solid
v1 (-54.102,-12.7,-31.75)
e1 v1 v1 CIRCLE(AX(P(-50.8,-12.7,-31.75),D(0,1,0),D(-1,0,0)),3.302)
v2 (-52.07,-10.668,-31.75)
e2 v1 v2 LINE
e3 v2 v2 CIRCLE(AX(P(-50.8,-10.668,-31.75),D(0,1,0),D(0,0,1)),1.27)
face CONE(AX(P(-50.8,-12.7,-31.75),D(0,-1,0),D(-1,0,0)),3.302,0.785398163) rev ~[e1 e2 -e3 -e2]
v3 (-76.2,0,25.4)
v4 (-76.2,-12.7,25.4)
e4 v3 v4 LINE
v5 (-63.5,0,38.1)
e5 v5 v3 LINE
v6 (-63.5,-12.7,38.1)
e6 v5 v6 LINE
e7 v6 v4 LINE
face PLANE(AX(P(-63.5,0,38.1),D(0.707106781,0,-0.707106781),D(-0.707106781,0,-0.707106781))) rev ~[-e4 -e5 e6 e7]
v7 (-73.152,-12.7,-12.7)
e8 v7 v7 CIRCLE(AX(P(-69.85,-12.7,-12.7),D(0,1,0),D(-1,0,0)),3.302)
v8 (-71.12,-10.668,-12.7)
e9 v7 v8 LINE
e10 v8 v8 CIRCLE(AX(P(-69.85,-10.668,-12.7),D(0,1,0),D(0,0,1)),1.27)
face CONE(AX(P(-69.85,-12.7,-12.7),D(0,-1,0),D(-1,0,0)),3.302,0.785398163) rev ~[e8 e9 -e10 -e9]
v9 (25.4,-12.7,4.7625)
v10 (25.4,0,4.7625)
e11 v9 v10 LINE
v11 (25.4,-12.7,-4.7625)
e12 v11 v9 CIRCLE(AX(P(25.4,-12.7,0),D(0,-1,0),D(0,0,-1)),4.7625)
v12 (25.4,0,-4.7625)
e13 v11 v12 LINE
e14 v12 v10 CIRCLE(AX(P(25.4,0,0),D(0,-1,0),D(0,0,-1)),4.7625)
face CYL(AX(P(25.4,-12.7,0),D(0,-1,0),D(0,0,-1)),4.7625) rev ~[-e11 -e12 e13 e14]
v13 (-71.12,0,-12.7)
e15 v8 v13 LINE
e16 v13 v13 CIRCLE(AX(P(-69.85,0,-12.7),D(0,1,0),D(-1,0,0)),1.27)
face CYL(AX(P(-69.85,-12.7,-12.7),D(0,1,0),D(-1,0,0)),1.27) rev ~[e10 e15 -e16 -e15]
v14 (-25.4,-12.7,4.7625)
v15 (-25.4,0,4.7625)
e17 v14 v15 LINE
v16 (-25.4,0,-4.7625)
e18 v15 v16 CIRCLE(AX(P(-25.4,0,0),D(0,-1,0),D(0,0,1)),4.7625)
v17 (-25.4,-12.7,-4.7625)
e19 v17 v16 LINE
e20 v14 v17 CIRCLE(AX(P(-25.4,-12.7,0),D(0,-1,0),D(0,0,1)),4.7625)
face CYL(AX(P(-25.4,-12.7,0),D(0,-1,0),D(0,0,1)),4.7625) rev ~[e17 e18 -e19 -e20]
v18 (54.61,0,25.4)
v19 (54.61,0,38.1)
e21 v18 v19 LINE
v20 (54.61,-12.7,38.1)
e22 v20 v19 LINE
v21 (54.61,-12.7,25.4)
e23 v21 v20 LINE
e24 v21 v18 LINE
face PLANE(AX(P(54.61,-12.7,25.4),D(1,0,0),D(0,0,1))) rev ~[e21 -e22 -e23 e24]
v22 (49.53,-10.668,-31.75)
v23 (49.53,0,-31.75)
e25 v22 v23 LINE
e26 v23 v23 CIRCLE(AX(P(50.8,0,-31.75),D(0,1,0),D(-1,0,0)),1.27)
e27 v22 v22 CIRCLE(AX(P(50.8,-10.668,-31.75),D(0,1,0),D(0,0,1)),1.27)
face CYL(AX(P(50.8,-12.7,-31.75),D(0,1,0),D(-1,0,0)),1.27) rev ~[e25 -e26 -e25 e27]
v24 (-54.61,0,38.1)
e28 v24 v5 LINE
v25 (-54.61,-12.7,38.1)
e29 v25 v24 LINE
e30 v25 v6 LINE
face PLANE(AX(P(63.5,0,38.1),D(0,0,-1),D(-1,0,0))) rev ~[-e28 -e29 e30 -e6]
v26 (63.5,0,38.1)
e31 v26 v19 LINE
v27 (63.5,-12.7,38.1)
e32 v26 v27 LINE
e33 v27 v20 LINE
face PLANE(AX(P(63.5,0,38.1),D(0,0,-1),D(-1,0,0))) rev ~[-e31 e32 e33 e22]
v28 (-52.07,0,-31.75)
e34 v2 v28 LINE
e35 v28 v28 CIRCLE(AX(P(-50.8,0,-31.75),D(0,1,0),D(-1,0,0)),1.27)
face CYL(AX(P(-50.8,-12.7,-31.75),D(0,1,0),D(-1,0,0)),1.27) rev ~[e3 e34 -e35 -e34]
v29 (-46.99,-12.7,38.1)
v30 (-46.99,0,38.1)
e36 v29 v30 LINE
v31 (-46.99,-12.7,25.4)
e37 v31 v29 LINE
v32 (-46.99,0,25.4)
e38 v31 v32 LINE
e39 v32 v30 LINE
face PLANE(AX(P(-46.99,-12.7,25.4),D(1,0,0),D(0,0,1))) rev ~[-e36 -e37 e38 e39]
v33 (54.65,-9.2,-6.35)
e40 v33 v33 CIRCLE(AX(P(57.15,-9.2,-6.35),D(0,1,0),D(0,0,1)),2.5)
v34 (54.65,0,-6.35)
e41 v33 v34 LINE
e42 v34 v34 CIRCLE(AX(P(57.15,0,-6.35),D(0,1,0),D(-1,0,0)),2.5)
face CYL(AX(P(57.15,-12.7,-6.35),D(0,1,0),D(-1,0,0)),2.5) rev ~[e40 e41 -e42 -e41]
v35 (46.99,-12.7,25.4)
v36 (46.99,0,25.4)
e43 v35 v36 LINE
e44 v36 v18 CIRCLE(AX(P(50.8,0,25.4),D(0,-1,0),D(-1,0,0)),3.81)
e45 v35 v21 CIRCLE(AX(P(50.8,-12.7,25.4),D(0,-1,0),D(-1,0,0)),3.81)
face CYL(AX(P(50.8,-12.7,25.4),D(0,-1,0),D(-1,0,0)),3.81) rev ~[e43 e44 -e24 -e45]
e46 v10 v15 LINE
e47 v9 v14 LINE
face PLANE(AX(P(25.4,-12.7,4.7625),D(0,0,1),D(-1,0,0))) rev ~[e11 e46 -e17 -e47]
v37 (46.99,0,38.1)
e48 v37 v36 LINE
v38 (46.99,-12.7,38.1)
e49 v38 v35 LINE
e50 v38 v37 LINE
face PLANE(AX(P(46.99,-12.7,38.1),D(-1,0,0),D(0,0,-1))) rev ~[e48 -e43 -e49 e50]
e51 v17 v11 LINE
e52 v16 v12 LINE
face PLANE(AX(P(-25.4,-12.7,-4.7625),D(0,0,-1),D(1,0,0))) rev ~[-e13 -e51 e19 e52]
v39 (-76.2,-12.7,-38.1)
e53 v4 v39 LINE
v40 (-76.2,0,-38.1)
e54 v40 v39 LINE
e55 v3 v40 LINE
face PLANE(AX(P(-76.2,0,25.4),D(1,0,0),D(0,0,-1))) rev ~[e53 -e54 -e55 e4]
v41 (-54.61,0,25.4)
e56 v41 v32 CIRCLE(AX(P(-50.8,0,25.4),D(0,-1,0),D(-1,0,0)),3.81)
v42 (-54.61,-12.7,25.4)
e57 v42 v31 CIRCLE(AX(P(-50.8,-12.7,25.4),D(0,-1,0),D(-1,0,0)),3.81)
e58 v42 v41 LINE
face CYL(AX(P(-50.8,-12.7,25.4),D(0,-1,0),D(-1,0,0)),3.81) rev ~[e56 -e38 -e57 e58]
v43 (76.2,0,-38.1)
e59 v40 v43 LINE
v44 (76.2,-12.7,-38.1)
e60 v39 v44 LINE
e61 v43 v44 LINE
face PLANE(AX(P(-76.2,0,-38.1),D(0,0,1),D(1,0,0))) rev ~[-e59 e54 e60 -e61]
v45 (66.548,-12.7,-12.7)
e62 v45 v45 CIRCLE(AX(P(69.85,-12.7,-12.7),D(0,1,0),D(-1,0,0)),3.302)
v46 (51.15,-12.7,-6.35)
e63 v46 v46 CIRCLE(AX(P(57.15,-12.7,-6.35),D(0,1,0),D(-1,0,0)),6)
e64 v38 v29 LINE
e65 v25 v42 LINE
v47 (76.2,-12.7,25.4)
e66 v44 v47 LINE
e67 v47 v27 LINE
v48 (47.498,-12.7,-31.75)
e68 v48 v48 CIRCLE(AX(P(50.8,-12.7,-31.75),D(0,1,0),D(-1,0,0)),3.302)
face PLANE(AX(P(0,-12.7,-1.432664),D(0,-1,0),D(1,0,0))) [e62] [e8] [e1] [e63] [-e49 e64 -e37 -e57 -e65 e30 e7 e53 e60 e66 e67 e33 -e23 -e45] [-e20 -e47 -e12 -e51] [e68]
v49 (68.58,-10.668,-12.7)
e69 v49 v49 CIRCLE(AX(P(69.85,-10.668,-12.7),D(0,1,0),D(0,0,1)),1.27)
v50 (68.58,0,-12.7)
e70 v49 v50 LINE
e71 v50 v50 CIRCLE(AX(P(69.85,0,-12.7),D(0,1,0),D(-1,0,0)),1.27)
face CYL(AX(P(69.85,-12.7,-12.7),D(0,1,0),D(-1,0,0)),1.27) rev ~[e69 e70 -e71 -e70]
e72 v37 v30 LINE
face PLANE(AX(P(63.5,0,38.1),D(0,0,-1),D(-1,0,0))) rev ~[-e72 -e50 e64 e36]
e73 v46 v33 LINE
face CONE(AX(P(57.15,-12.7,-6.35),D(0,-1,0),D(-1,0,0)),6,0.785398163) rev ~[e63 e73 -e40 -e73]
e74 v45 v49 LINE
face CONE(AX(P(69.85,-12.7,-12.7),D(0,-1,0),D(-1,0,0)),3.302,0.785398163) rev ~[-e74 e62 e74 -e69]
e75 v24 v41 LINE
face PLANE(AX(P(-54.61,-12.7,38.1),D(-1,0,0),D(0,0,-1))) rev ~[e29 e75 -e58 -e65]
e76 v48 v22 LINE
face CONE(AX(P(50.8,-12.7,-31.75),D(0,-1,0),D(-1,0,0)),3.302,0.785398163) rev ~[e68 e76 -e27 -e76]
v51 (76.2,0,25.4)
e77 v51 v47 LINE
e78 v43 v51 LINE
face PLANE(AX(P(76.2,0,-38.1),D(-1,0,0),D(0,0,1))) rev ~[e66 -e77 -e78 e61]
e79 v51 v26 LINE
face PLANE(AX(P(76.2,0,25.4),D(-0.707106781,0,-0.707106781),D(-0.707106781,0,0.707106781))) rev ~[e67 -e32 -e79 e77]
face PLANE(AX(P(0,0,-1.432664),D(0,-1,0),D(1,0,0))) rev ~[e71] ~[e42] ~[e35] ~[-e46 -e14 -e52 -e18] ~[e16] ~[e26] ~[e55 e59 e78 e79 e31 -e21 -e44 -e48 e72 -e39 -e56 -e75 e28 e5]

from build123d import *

# Parameters (mm, degrees)
F1_DEPTH       = 12.7
F3_DEPTH       = 12.701
F5_D           = 2.54
F5_CSINK_D     = 6.604
F5_CSINK_ANGLE = 90
F6_D           = 5
F6_CSINK_D     = 12
F6_CSINK_ANGLE = 90


with BuildPart() as f1:
    # F0 (on Front) → F1 (new body)
    with BuildSketch(Plane.XZ):
        Polygon((63.5, 38.1), (-63.5, 38.1), (-76.2, 25.4), (-76.2, -38.1), (76.2, -38.1), (76.2, 25.4), align=None)
    extrude(amount=F1_DEPTH)

    # F2 (on face) → F3 (cut, through all)
    with BuildSketch(Plane.XZ.offset(12.7)):
        with BuildLine():
            Line((-46.99, 38.1), (-54.61, 38.1))
            Line((-54.61, 38.1), (-54.61, 25.4))
            ThreePointArc((-54.61, 25.4), (-50.8, 21.59), (-46.99, 25.4))
            Line((-46.99, 25.4), (-46.99, 38.1))
        make_face()
        with BuildLine():
            Line((25.4, 4.7625), (0, 4.7625))
            Line((0, 4.7625), (-25.4, 4.7625))
            ThreePointArc((-25.4, 4.7625), (-30.1625, 0), (-25.4, -4.7625))
            Line((-25.4, -4.7625), (0, -4.7625))
            Line((0, -4.7625), (25.4, -4.7625))
            ThreePointArc((25.4, -4.7625), (30.1625, 0), (25.4, 4.7625))
        make_face()
        with BuildLine():
            Line((54.61, 38.1), (46.99, 38.1))
            Line((46.99, 38.1), (46.99, 25.4))
            ThreePointArc((46.99, 25.4), (50.8, 21.59), (54.61, 25.4))
            Line((54.61, 25.4), (54.61, 38.1))
        make_face()
    extrude(amount=-F3_DEPTH, mode=Mode.SUBTRACT)

    # F5 (through all)
    with Locations(Plane.XZ.offset(12.7)):
        with Locations((-69.85, -12.7), (-50.8, -31.75), (50.8, -31.75), (69.85, -12.7)):
            CounterSinkHole(F5_D / 2, F5_CSINK_D / 2, counter_sink_angle=F5_CSINK_ANGLE)

    # F6 (through all)
    with Locations(Plane.XZ.offset(12.7)):
        with Locations((57.15, -6.35)):
            CounterSinkHole(F6_D / 2, F6_CSINK_D / 2, counter_sink_angle=F6_CSINK_ANGLE)


solid = f1.part
